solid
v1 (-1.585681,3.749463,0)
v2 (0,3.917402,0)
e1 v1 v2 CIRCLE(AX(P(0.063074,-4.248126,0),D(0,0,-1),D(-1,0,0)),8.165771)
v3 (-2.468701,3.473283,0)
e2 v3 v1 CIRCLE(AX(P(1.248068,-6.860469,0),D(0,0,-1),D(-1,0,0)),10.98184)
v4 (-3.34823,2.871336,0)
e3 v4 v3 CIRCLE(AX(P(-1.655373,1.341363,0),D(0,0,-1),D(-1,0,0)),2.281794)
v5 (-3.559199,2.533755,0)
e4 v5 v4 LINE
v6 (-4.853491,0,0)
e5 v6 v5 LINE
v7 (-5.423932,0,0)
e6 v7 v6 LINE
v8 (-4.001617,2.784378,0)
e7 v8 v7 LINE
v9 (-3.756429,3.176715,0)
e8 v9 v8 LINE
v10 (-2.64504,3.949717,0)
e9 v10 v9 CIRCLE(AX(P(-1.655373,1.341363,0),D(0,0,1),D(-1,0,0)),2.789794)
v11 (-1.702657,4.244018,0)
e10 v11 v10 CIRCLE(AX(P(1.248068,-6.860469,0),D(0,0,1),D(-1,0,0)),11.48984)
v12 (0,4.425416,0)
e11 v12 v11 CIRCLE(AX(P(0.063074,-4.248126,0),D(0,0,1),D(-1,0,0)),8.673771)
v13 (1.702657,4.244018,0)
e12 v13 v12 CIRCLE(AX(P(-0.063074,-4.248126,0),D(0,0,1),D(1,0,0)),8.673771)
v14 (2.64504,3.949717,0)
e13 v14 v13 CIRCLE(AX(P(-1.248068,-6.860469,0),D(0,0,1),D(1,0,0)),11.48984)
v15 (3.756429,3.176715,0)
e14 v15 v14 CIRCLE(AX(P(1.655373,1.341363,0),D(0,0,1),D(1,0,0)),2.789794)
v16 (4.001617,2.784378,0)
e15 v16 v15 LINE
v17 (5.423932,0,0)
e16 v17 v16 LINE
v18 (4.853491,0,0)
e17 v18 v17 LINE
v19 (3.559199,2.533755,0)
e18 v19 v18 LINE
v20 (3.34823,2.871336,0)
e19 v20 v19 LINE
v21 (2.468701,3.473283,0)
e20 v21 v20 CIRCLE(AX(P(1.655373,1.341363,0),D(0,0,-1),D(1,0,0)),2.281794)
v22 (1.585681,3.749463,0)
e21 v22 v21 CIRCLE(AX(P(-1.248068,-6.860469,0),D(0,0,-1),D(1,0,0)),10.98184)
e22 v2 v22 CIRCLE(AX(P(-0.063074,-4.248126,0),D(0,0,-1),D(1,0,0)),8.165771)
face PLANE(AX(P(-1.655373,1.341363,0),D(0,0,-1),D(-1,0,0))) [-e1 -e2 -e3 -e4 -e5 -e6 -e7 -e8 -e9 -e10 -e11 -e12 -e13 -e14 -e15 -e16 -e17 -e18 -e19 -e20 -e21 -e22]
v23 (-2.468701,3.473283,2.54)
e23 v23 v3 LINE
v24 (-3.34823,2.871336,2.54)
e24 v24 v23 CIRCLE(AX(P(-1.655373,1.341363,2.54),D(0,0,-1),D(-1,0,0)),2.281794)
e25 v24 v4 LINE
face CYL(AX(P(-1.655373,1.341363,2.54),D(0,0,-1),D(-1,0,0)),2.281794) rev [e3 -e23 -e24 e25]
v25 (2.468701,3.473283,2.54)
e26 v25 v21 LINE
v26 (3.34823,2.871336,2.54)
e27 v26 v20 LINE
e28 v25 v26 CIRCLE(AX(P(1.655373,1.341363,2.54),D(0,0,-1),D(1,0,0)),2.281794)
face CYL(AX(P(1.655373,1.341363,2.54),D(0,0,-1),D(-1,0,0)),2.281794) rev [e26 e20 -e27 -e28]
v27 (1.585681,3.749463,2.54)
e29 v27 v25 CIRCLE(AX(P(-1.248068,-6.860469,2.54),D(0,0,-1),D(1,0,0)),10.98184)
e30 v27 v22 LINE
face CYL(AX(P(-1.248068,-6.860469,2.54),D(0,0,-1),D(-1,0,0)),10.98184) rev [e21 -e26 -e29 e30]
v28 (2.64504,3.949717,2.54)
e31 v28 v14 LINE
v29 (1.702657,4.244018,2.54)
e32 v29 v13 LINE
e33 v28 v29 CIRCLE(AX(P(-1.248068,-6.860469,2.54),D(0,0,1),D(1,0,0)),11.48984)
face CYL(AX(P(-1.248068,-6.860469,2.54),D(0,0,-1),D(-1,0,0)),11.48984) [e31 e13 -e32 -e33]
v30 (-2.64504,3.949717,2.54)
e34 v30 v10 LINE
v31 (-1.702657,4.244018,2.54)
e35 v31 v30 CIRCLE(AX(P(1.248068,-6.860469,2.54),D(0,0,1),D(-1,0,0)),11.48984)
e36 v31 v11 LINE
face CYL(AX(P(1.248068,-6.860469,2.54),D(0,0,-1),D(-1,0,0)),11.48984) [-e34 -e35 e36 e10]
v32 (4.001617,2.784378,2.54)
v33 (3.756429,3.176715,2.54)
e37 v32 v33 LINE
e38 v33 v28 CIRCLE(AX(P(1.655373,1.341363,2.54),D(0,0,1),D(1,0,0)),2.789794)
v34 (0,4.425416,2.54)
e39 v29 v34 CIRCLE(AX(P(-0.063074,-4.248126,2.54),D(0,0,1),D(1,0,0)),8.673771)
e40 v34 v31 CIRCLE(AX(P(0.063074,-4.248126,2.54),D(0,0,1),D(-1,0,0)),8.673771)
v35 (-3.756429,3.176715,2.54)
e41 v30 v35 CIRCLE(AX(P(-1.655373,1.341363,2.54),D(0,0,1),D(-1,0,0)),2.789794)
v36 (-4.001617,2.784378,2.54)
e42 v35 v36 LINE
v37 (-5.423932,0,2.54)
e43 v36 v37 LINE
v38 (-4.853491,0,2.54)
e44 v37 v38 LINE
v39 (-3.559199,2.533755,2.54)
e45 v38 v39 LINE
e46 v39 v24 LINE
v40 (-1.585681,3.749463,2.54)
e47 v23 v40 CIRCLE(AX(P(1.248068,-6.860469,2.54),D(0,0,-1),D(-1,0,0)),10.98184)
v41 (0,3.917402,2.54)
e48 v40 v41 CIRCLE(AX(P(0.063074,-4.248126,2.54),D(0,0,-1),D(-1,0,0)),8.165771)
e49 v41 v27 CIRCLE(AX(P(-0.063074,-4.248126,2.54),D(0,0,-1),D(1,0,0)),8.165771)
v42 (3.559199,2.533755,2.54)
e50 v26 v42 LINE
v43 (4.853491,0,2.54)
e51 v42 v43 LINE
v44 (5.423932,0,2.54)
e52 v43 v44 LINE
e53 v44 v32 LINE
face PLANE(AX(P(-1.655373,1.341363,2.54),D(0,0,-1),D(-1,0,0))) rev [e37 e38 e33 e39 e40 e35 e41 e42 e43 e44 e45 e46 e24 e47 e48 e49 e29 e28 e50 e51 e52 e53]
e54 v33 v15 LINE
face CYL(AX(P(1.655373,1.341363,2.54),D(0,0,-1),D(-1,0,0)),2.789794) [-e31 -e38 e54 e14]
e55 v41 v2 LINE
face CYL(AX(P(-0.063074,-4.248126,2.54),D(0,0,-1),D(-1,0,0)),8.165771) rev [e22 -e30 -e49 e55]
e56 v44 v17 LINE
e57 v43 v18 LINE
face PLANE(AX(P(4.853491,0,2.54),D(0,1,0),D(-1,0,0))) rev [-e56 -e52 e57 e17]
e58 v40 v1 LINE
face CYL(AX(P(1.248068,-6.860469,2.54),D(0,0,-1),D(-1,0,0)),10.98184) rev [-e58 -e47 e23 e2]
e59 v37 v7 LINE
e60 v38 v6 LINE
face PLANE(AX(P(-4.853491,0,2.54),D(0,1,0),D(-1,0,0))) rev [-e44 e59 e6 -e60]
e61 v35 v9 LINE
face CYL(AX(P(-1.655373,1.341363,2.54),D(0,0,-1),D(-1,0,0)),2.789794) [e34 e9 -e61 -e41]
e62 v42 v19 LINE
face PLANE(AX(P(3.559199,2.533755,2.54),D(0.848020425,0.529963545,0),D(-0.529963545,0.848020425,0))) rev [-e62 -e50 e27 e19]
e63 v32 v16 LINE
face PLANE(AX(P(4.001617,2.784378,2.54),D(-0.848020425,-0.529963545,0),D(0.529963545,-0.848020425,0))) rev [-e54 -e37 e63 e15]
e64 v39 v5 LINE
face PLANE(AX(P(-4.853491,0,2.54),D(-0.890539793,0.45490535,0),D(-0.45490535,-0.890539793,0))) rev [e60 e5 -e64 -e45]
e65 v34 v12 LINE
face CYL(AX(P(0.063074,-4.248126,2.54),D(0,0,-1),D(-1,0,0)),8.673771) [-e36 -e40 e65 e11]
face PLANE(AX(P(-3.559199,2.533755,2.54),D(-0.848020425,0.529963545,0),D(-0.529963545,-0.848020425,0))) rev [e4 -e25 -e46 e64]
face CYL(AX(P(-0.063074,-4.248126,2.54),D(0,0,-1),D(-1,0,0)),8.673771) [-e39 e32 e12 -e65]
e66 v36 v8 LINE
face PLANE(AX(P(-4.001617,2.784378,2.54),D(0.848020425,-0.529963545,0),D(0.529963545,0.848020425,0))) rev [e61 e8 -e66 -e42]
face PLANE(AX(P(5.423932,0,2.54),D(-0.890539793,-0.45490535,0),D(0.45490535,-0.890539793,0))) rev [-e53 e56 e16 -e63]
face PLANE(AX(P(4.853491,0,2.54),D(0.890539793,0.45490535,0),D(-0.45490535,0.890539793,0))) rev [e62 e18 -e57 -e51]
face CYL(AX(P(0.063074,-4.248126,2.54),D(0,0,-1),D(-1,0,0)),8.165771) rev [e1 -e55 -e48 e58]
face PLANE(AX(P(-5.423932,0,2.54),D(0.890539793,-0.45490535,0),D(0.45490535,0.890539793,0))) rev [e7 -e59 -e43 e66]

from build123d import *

# Parameters (mm, degrees)
BOSS_EXTRUDE1_DEPTH = 2.54


with BuildPart() as part:
    # Sketch1 → Boss-Extrude1 (new body)
    with BuildSketch(Plane.XY):
        with BuildLine():
            Line((-4.853491174, 0), (-3.559199198, 2.53375457))
            Line((-3.559199198, 2.53375457), (-3.348230277, 2.871336194))
            ThreePointArc((-3.348230277, 2.871336194), (-2.944103246, 3.224381504), (-2.468700609, 3.473283052))
            ThreePointArc((-2.468700609, 3.473283052), (-2.030100497, 3.620676512), (-1.585680864, 3.749463464))
            ThreePointArc((-1.585680864, 3.749463464), (-0.796949472, 3.872230469), (0, 3.917402206))
            ThreePointArc((0, 3.917402206), (0.796949472, 3.872230469), (1.585680864, 3.749463464))
            ThreePointArc((1.585680864, 3.749463464), (2.030100497, 3.620676512), (2.468700609, 3.473283052))
            ThreePointArc((2.468700609, 3.473283052), (2.944103246, 3.224381504), (3.348230277, 2.871336194))
            Line((3.348230277, 2.871336194), (3.559199198, 2.53375457))
            Line((3.559199198, 2.53375457), (4.853491174, 0))
            Line((4.853491174, 0), (5.423931714, 0))
            Line((5.423931714, 0), (4.00161657, 2.78437753))
            Line((4.00161657, 2.78437753), (3.756428721, 3.176714524))
            ThreePointArc((3.756428721, 3.176714524), (3.248333968, 3.631652605), (2.64503979, 3.949717174))
            ThreePointArc((2.64503979, 3.949717174), (2.177010777, 4.106994166), (1.702656867, 4.244018167))
            ThreePointArc((1.702656867, 4.244018167), (0.855815628, 4.376835426), (0, 4.425416473))
            ThreePointArc((0, 4.425416473), (-0.855815628, 4.376835426), (-1.702656867, 4.244018167))
            ThreePointArc((-1.702656867, 4.244018167), (-2.177010777, 4.106994166), (-2.64503979, 3.949717174))
            ThreePointArc((-2.64503979, 3.949717174), (-3.248333968, 3.631652605), (-3.756428721, 3.176714524))
            Line((-3.756428721, 3.176714524), (-4.00161657, 2.78437753))
            Line((-4.00161657, 2.78437753), (-5.423931714, 0))
            Line((-5.423931714, 0), (-4.853491174, 0))
        make_face()
    extrude(amount=BOSS_EXTRUDE1_DEPTH)


solid = part.part
